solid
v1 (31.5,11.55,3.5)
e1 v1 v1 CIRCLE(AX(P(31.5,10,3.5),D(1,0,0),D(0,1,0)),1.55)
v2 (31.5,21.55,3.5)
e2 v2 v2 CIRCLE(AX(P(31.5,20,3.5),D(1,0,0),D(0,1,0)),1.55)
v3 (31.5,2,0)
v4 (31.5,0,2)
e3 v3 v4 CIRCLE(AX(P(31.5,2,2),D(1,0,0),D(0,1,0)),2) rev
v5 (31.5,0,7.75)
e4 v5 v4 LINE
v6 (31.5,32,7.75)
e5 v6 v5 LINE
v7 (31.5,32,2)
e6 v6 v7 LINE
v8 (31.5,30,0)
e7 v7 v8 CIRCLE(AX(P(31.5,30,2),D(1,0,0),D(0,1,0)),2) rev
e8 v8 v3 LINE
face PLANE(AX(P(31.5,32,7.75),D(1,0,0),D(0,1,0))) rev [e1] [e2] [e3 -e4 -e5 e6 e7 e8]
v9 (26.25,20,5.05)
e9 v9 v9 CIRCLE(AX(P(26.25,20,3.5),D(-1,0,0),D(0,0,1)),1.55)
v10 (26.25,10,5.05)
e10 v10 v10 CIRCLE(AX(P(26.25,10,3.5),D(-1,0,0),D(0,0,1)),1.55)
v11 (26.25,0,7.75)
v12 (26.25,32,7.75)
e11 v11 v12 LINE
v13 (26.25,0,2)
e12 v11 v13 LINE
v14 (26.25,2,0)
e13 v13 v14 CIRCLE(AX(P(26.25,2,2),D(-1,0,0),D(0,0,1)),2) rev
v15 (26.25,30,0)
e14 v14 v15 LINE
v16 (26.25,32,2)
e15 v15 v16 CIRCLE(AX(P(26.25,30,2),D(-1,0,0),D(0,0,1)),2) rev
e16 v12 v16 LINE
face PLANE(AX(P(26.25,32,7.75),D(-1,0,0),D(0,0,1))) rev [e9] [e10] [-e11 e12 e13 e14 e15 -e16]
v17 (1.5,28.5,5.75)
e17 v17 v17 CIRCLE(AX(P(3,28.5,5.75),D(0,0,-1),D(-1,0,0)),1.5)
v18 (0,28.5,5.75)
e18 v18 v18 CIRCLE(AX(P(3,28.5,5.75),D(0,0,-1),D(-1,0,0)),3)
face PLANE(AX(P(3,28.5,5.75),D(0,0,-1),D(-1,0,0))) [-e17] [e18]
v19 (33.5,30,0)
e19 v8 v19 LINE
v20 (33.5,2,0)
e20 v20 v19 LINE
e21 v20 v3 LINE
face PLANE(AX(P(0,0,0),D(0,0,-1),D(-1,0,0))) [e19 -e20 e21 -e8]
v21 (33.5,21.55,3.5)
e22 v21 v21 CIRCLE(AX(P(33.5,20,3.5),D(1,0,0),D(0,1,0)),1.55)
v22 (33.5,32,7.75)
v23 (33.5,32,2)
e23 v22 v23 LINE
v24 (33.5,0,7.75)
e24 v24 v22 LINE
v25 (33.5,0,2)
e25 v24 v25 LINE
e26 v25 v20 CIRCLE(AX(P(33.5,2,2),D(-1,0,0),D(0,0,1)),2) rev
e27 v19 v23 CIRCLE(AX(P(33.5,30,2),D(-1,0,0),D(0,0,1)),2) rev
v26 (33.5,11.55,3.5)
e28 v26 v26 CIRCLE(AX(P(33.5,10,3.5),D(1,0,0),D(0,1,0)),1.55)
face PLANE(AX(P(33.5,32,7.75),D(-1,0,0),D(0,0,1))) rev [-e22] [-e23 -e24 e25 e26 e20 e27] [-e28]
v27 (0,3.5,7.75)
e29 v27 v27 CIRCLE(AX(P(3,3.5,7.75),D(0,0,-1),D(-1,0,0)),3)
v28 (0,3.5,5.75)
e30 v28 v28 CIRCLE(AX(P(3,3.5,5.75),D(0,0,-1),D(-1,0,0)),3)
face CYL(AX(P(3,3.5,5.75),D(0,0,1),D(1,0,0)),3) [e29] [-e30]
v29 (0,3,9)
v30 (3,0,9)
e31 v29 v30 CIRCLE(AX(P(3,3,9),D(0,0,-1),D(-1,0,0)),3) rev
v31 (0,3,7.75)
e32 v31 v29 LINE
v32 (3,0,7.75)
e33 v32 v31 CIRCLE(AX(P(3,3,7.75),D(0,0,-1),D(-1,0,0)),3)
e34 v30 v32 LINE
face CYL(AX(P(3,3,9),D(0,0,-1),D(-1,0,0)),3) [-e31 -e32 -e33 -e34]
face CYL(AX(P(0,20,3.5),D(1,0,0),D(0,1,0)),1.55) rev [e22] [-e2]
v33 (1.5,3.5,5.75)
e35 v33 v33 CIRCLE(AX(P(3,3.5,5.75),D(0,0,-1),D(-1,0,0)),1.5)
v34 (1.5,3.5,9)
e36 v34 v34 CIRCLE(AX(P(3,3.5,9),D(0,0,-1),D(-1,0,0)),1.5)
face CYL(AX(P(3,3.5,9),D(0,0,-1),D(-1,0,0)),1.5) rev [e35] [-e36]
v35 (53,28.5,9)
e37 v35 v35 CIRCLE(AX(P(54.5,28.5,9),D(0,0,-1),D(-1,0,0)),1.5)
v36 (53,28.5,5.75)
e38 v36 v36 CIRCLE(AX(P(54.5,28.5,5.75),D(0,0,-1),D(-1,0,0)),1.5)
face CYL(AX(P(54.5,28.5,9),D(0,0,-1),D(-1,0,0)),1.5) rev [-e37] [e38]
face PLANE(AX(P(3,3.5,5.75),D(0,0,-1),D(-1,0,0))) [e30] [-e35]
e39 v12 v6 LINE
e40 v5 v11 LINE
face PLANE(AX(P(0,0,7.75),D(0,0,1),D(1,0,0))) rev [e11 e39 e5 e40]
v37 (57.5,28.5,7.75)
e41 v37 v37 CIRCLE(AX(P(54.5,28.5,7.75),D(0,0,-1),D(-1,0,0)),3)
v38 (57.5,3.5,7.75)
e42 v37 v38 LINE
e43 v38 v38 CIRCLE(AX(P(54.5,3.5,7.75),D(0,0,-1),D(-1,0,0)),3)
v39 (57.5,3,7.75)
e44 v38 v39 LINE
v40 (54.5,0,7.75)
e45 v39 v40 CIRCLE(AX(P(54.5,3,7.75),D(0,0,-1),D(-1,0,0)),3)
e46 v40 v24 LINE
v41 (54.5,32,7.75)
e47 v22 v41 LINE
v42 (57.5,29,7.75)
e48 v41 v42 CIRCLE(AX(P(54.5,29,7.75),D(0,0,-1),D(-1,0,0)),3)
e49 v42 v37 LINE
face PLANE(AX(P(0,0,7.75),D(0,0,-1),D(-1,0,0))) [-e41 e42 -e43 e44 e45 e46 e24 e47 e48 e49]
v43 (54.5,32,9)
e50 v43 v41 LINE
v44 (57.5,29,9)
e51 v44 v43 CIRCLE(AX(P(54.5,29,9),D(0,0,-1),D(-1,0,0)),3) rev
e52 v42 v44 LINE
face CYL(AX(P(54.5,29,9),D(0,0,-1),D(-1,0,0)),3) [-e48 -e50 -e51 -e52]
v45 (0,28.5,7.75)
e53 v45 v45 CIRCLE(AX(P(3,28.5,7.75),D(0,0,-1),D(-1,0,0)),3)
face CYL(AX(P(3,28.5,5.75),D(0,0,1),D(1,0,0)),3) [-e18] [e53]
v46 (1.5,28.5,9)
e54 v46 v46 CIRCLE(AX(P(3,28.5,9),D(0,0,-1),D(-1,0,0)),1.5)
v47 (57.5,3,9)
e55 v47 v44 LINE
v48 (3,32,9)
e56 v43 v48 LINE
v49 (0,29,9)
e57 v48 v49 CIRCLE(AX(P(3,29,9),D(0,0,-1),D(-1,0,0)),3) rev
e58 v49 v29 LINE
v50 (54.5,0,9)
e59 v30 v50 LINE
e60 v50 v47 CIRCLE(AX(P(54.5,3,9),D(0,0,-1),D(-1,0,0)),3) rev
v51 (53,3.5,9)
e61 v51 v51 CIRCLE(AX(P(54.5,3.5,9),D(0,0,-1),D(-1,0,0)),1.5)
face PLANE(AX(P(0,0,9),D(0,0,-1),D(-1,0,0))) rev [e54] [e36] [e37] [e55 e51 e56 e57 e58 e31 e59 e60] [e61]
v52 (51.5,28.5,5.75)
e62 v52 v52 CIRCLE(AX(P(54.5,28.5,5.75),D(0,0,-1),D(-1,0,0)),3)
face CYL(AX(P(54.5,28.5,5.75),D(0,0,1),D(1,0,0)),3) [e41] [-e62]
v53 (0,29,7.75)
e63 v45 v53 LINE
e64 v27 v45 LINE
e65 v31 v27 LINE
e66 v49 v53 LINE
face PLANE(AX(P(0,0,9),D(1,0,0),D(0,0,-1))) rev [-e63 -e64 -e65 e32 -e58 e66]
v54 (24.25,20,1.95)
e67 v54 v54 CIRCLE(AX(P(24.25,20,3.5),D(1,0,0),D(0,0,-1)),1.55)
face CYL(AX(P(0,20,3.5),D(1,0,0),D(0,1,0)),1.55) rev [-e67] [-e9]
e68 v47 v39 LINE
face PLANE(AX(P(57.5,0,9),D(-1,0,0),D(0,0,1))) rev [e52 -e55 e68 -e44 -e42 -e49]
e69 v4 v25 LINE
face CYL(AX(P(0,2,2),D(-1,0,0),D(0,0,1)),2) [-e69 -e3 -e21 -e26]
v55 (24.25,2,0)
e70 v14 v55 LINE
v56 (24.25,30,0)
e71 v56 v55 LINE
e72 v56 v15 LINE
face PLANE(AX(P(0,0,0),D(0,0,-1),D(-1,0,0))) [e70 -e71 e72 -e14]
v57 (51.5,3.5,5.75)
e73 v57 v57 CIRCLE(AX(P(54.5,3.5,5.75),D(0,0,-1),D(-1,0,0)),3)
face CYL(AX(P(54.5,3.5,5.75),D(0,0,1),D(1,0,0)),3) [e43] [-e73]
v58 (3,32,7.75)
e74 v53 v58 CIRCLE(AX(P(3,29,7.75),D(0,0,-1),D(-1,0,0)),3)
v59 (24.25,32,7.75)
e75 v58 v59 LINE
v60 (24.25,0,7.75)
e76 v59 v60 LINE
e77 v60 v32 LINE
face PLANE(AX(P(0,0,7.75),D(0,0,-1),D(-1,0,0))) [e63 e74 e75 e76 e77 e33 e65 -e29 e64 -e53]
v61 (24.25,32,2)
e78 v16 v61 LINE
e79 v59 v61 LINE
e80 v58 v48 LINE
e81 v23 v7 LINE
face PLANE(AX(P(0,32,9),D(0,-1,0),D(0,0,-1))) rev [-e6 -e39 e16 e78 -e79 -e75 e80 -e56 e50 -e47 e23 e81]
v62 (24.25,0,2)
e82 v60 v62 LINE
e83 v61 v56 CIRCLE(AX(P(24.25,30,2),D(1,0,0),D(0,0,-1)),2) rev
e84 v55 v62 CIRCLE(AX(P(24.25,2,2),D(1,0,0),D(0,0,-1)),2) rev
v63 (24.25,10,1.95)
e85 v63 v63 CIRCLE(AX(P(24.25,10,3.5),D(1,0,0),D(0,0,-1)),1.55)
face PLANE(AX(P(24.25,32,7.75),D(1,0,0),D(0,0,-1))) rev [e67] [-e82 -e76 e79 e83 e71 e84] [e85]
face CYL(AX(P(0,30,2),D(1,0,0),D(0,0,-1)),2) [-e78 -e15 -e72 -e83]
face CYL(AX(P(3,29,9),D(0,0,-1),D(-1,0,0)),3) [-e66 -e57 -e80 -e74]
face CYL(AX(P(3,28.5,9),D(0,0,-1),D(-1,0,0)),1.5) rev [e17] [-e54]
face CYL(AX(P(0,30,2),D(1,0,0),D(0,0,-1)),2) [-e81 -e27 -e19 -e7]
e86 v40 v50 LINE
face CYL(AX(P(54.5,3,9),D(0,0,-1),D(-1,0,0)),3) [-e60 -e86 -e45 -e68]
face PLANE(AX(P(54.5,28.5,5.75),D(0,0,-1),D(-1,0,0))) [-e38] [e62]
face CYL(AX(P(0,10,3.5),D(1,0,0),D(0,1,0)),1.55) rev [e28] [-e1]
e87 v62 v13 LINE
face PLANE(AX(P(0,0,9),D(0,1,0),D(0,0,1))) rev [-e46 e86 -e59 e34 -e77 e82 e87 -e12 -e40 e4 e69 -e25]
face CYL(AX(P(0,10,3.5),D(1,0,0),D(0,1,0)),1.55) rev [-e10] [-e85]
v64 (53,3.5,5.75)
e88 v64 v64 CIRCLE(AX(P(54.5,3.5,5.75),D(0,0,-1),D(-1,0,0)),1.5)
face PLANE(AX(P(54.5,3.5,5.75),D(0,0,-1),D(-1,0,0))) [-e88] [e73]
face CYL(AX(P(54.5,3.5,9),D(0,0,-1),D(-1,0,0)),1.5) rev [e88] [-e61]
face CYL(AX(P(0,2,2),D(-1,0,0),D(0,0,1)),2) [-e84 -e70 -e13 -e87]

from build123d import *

# Parameters (mm, degrees)
ESQUISSE1_W                  = 57.5
ESQUISSE1_H                  = 32
BOSS_EXTRU_1_DEPTH           = 9
ESQUISSE2_W                  = 24.25
ESQUISSE2_H                  = 32
ESQUISSE2_W_2                = 24
ESQUISSE2_W_3                = 5.25
ENL_V_MAT_EXTRU_1_DEPTH      = 7.75
ESQUISSE3_R                  = 1.55
ENL_V_MAT_EXTRU_2_DEPTH      = 34.5
CONG_1_R                     = 3
CONG_2_R                     = 2
ESQUISSE10_R                 = 3
BOSS_EXTRU_2_DEPTH           = 2
ESQUISSE9_R                  = 1.5
ENL_V_MAT_EXTRU_3_DEPTH      = 8.75
ENL_V_MAT_EXTRU_3_DEPTH_BACK = 2.25


with BuildPart() as part:
    # Esquisse1 → Boss.-Extru.1 (new body)
    with BuildSketch(Plane.XY):
        with Locations((28.75, 16)):
            Rectangle(ESQUISSE1_W, ESQUISSE1_H)
    extrude(amount=BOSS_EXTRU_1_DEPTH)

    # Esquisse2 → Enlèv. mat.-Extru.1 (cut)
    with BuildSketch(Plane(origin=(0, 0, 0), x_dir=(-1, 0, 0), z_dir=(0, 0, -1))):
        with Locations((-12.125, 16)):
            Rectangle(ESQUISSE2_W, ESQUISSE2_H)
        with Locations((-45.5, 16)):
            Rectangle(ESQUISSE2_W_2, ESQUISSE2_H)
        with Locations((-28.875, 16)):
            Rectangle(ESQUISSE2_W_3, ESQUISSE2_H)
    extrude(amount=-ENL_V_MAT_EXTRU_1_DEPTH, mode=Mode.SUBTRACT)

    # Esquisse3 → Enlèv. mat.-Extru.2 (cut, through all)
    with BuildSketch(Plane(origin=(33.5, 0, 0), x_dir=(0, 0, -1), z_dir=(1, 0, 0))):
        with Locations((-3.5, 10)):
            Circle(ESQUISSE3_R)
        with Locations((-3.5, 20)):
            Circle(ESQUISSE3_R)
    extrude(amount=-ENL_V_MAT_EXTRU_2_DEPTH, mode=Mode.SUBTRACT)

    # Congé1
    cong_1_edges = [part.edges().sort_by_distance(p)[0] for p in [
        (0, 32, 8.375),
        (57.5, 32, 8.375),
        (57.5, 0, 8.375),
        (0, 0, 8.375),
    ]]
    fillet(cong_1_edges, radius=CONG_1_R)

    # Congé2
    cong_2_edges = [part.edges().sort_by_distance(p)[0] for p in [
        (32.5, 32, 0),
        (25.25, 32, 0),
        (25.25, 0, 0),
        (32.5, 0, 0),
    ]]
    fillet(cong_2_edges, radius=CONG_2_R)

    # Esquisse10 → Boss.-Extru.2 (add)
    with BuildSketch(Plane(origin=(0, 0, 7.75), x_dir=(-1, 0, 0), z_dir=(0, 0, -1))):
        with Locations((-54.5, 28.5)):
            Circle(ESQUISSE10_R)
        with Locations((-54.5, 3.5)):
            Circle(ESQUISSE10_R)
        with Locations((-3, 3.5)):
            Circle(ESQUISSE10_R)
        with Locations((-3, 28.5)):
            Circle(ESQUISSE10_R)
    extrude(amount=BOSS_EXTRU_2_DEPTH)

    # Esquisse9 → Enlèv. mat.-Extru.3 (cut, two sides)
    with BuildSketch(Plane(origin=(0, 0, 7.75), x_dir=(-1, 0, 0), z_dir=(0, 0, -1))) as enl_v_mat_extru_3_sk:
        with Locations((-54.5, 28.5)):
            Circle(ESQUISSE9_R)
        with Locations((-3, 28.5)):
            Circle(ESQUISSE9_R)
        with Locations((-3, 3.5)):
            Circle(ESQUISSE9_R)
        with Locations((-54.5, 3.5)):
            Circle(ESQUISSE9_R)
    extrude(amount=ENL_V_MAT_EXTRU_3_DEPTH, mode=Mode.SUBTRACT)
    extrude(enl_v_mat_extru_3_sk.sketch, amount=-ENL_V_MAT_EXTRU_3_DEPTH_BACK, mode=Mode.SUBTRACT)


solid = part.part
